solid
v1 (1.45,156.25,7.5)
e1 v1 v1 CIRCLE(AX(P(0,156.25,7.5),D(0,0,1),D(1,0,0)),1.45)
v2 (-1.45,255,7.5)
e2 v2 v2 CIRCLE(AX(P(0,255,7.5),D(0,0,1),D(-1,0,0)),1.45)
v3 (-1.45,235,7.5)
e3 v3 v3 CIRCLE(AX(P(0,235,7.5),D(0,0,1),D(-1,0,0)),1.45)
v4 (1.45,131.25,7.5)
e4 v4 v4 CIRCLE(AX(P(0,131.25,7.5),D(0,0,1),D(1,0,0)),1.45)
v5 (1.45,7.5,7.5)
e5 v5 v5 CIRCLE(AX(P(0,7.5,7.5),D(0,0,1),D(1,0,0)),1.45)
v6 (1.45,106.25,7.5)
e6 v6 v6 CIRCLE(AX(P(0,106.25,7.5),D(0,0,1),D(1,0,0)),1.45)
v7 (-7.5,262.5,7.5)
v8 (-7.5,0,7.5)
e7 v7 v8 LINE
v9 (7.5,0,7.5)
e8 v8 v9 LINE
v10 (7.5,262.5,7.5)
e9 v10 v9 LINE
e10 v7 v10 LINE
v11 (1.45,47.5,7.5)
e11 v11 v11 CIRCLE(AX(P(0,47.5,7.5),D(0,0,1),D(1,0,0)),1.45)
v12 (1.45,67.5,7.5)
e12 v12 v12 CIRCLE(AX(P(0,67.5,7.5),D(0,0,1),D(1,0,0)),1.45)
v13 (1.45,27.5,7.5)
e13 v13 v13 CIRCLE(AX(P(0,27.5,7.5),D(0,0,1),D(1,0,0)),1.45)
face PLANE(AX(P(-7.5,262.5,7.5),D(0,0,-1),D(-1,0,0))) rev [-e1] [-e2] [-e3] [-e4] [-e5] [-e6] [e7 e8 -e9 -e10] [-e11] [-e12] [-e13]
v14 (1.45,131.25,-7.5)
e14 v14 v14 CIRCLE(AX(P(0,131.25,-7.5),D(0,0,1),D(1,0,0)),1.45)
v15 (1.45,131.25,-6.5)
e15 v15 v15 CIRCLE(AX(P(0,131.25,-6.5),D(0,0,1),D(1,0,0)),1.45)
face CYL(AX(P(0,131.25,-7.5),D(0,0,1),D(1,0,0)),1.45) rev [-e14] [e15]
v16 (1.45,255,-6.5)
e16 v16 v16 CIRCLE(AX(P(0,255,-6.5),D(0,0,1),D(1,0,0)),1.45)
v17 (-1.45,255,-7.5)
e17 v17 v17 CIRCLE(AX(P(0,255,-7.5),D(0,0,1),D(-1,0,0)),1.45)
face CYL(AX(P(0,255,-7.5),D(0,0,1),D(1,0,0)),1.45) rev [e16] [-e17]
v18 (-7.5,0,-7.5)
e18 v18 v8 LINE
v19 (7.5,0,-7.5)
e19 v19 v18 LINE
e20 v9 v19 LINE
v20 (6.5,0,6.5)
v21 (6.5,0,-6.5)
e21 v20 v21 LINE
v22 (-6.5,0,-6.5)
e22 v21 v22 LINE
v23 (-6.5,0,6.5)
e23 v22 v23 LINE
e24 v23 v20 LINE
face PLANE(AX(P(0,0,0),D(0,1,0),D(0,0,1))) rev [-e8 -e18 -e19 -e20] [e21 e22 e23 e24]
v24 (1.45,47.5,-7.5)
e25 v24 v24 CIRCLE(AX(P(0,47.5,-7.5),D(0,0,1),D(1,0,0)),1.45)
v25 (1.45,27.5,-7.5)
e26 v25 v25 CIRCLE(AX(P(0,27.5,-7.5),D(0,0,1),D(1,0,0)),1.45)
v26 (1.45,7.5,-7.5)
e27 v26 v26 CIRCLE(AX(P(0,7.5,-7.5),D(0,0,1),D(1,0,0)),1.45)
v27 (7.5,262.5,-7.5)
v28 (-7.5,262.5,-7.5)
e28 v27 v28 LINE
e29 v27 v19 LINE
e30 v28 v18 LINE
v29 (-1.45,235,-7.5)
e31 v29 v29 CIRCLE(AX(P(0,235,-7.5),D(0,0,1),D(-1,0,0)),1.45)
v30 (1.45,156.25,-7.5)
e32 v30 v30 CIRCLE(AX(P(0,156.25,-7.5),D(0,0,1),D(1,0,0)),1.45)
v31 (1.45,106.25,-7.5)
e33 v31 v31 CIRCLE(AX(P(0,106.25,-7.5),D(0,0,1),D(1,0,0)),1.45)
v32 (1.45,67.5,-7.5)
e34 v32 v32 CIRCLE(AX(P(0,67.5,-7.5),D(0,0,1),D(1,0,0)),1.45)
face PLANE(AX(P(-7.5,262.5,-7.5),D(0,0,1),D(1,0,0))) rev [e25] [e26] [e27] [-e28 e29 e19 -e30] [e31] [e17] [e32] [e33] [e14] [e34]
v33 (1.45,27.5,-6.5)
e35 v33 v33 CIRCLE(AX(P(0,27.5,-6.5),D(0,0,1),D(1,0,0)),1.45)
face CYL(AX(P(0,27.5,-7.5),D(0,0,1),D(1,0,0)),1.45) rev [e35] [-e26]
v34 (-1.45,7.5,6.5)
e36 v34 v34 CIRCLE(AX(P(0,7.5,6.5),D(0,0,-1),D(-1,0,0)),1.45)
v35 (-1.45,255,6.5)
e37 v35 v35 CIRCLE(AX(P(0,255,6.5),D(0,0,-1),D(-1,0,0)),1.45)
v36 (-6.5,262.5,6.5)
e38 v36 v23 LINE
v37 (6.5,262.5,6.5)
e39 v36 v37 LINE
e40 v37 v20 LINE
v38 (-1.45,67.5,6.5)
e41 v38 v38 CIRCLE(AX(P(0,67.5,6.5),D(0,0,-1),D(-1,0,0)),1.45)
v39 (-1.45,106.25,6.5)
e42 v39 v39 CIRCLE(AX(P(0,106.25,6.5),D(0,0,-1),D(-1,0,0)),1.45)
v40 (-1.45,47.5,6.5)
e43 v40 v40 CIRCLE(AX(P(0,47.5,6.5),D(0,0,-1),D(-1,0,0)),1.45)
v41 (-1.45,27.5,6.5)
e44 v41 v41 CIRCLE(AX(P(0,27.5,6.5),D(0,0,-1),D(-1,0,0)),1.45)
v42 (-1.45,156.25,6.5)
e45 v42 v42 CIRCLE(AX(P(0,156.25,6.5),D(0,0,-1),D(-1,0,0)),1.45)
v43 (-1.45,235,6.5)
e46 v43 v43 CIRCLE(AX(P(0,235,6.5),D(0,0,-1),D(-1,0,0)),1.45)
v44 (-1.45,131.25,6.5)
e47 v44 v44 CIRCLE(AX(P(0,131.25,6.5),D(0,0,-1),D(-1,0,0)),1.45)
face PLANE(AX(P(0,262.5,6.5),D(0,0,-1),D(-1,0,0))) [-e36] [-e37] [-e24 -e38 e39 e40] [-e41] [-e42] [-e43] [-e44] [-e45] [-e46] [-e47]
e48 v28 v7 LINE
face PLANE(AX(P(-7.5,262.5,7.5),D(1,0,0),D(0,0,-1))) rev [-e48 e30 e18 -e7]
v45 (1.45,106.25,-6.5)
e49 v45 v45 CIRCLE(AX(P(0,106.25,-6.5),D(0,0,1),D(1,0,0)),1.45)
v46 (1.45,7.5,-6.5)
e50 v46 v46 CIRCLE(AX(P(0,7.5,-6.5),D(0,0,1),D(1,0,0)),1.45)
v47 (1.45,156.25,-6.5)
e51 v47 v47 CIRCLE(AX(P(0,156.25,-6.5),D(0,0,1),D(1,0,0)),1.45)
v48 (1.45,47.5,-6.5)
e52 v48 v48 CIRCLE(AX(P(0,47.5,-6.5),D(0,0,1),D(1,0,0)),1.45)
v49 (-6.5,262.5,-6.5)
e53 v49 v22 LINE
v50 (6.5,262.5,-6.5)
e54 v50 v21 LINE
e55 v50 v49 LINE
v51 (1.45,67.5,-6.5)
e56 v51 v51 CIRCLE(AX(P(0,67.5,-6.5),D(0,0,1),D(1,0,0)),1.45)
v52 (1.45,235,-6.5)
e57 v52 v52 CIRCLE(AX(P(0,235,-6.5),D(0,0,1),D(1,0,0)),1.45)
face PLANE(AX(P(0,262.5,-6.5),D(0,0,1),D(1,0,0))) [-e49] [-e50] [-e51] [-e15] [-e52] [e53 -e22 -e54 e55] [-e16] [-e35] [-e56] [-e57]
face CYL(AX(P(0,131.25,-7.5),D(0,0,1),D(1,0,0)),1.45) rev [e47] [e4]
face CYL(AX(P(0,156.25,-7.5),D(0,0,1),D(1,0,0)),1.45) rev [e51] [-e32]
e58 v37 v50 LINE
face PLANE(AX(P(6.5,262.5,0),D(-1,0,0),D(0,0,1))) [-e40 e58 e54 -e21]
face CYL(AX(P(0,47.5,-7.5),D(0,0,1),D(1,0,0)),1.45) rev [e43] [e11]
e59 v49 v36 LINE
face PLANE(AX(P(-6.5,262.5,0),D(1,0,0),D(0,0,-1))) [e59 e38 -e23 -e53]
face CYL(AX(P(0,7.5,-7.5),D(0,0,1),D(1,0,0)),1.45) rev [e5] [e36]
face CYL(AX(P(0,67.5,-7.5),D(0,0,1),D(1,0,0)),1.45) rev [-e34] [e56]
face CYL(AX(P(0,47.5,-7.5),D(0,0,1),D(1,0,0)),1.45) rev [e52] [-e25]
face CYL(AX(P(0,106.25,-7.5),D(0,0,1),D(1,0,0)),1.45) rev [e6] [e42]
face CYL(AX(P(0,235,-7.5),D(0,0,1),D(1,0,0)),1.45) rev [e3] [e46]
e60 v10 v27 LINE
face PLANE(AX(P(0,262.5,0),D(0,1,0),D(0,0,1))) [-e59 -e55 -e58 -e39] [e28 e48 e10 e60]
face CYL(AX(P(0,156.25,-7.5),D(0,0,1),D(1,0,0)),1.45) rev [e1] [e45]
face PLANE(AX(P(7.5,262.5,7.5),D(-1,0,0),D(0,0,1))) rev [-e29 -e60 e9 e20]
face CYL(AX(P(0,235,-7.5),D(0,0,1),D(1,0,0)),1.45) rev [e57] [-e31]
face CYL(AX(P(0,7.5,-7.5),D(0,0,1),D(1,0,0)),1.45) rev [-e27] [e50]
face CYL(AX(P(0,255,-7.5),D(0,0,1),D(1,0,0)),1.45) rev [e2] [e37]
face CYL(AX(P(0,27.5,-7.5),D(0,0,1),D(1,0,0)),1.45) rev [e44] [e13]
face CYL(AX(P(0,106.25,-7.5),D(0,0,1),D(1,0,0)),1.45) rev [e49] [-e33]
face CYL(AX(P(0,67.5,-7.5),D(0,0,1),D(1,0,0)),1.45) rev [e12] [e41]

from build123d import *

# Parameters (mm, degrees)
SKETCH_1_W          = 15
SKETCH_1_H          = 15
SKETCH_1_W_2        = 13
SKETCH_1_H_2        = 13
EXTRUDE_1_DEPTH     = 262.5
SKETCH_2_R          = 1.45
CUT_EXTRUDE_1_DEPTH = 264.035168751


with BuildPart() as part:
    # 草图1 → 拉伸-薄壁1 (new body)
    with BuildSketch(Plane(origin=(0, 0, 0), x_dir=(1, 0, 0), z_dir=(0, 1, 0))):
        Rectangle(SKETCH_1_W, SKETCH_1_H)
        Rectangle(SKETCH_1_W_2, SKETCH_1_H_2, mode=Mode.SUBTRACT)
    extrude(amount=EXTRUDE_1_DEPTH)

    # 草图2 → 切除-拉伸1 (cut, through all)
    with BuildSketch(Plane.XY.offset(7.5)):
        with Locations((0, 7.5)):
            Circle(SKETCH_2_R)
        with Locations((0, 27.5)):
            Circle(SKETCH_2_R)
        with Locations(Location((0, 235, 0), (0, 0, 180))):
            Circle(SKETCH_2_R)
        with Locations(Location((0, 255, 0), (0, 0, 180))):
            Circle(SKETCH_2_R)
        with Locations((0, 131.25)):
            Circle(SKETCH_2_R)
        with Locations((0, 106.25)):
            Circle(SKETCH_2_R)
        with Locations((0, 156.25)):
            Circle(SKETCH_2_R)
        with Locations((0, 47.5)):
            Circle(SKETCH_2_R)
        with Locations((0, 67.5)):
            Circle(SKETCH_2_R)
    extrude(amount=-CUT_EXTRUDE_1_DEPTH, mode=Mode.SUBTRACT)


solid = part.part
